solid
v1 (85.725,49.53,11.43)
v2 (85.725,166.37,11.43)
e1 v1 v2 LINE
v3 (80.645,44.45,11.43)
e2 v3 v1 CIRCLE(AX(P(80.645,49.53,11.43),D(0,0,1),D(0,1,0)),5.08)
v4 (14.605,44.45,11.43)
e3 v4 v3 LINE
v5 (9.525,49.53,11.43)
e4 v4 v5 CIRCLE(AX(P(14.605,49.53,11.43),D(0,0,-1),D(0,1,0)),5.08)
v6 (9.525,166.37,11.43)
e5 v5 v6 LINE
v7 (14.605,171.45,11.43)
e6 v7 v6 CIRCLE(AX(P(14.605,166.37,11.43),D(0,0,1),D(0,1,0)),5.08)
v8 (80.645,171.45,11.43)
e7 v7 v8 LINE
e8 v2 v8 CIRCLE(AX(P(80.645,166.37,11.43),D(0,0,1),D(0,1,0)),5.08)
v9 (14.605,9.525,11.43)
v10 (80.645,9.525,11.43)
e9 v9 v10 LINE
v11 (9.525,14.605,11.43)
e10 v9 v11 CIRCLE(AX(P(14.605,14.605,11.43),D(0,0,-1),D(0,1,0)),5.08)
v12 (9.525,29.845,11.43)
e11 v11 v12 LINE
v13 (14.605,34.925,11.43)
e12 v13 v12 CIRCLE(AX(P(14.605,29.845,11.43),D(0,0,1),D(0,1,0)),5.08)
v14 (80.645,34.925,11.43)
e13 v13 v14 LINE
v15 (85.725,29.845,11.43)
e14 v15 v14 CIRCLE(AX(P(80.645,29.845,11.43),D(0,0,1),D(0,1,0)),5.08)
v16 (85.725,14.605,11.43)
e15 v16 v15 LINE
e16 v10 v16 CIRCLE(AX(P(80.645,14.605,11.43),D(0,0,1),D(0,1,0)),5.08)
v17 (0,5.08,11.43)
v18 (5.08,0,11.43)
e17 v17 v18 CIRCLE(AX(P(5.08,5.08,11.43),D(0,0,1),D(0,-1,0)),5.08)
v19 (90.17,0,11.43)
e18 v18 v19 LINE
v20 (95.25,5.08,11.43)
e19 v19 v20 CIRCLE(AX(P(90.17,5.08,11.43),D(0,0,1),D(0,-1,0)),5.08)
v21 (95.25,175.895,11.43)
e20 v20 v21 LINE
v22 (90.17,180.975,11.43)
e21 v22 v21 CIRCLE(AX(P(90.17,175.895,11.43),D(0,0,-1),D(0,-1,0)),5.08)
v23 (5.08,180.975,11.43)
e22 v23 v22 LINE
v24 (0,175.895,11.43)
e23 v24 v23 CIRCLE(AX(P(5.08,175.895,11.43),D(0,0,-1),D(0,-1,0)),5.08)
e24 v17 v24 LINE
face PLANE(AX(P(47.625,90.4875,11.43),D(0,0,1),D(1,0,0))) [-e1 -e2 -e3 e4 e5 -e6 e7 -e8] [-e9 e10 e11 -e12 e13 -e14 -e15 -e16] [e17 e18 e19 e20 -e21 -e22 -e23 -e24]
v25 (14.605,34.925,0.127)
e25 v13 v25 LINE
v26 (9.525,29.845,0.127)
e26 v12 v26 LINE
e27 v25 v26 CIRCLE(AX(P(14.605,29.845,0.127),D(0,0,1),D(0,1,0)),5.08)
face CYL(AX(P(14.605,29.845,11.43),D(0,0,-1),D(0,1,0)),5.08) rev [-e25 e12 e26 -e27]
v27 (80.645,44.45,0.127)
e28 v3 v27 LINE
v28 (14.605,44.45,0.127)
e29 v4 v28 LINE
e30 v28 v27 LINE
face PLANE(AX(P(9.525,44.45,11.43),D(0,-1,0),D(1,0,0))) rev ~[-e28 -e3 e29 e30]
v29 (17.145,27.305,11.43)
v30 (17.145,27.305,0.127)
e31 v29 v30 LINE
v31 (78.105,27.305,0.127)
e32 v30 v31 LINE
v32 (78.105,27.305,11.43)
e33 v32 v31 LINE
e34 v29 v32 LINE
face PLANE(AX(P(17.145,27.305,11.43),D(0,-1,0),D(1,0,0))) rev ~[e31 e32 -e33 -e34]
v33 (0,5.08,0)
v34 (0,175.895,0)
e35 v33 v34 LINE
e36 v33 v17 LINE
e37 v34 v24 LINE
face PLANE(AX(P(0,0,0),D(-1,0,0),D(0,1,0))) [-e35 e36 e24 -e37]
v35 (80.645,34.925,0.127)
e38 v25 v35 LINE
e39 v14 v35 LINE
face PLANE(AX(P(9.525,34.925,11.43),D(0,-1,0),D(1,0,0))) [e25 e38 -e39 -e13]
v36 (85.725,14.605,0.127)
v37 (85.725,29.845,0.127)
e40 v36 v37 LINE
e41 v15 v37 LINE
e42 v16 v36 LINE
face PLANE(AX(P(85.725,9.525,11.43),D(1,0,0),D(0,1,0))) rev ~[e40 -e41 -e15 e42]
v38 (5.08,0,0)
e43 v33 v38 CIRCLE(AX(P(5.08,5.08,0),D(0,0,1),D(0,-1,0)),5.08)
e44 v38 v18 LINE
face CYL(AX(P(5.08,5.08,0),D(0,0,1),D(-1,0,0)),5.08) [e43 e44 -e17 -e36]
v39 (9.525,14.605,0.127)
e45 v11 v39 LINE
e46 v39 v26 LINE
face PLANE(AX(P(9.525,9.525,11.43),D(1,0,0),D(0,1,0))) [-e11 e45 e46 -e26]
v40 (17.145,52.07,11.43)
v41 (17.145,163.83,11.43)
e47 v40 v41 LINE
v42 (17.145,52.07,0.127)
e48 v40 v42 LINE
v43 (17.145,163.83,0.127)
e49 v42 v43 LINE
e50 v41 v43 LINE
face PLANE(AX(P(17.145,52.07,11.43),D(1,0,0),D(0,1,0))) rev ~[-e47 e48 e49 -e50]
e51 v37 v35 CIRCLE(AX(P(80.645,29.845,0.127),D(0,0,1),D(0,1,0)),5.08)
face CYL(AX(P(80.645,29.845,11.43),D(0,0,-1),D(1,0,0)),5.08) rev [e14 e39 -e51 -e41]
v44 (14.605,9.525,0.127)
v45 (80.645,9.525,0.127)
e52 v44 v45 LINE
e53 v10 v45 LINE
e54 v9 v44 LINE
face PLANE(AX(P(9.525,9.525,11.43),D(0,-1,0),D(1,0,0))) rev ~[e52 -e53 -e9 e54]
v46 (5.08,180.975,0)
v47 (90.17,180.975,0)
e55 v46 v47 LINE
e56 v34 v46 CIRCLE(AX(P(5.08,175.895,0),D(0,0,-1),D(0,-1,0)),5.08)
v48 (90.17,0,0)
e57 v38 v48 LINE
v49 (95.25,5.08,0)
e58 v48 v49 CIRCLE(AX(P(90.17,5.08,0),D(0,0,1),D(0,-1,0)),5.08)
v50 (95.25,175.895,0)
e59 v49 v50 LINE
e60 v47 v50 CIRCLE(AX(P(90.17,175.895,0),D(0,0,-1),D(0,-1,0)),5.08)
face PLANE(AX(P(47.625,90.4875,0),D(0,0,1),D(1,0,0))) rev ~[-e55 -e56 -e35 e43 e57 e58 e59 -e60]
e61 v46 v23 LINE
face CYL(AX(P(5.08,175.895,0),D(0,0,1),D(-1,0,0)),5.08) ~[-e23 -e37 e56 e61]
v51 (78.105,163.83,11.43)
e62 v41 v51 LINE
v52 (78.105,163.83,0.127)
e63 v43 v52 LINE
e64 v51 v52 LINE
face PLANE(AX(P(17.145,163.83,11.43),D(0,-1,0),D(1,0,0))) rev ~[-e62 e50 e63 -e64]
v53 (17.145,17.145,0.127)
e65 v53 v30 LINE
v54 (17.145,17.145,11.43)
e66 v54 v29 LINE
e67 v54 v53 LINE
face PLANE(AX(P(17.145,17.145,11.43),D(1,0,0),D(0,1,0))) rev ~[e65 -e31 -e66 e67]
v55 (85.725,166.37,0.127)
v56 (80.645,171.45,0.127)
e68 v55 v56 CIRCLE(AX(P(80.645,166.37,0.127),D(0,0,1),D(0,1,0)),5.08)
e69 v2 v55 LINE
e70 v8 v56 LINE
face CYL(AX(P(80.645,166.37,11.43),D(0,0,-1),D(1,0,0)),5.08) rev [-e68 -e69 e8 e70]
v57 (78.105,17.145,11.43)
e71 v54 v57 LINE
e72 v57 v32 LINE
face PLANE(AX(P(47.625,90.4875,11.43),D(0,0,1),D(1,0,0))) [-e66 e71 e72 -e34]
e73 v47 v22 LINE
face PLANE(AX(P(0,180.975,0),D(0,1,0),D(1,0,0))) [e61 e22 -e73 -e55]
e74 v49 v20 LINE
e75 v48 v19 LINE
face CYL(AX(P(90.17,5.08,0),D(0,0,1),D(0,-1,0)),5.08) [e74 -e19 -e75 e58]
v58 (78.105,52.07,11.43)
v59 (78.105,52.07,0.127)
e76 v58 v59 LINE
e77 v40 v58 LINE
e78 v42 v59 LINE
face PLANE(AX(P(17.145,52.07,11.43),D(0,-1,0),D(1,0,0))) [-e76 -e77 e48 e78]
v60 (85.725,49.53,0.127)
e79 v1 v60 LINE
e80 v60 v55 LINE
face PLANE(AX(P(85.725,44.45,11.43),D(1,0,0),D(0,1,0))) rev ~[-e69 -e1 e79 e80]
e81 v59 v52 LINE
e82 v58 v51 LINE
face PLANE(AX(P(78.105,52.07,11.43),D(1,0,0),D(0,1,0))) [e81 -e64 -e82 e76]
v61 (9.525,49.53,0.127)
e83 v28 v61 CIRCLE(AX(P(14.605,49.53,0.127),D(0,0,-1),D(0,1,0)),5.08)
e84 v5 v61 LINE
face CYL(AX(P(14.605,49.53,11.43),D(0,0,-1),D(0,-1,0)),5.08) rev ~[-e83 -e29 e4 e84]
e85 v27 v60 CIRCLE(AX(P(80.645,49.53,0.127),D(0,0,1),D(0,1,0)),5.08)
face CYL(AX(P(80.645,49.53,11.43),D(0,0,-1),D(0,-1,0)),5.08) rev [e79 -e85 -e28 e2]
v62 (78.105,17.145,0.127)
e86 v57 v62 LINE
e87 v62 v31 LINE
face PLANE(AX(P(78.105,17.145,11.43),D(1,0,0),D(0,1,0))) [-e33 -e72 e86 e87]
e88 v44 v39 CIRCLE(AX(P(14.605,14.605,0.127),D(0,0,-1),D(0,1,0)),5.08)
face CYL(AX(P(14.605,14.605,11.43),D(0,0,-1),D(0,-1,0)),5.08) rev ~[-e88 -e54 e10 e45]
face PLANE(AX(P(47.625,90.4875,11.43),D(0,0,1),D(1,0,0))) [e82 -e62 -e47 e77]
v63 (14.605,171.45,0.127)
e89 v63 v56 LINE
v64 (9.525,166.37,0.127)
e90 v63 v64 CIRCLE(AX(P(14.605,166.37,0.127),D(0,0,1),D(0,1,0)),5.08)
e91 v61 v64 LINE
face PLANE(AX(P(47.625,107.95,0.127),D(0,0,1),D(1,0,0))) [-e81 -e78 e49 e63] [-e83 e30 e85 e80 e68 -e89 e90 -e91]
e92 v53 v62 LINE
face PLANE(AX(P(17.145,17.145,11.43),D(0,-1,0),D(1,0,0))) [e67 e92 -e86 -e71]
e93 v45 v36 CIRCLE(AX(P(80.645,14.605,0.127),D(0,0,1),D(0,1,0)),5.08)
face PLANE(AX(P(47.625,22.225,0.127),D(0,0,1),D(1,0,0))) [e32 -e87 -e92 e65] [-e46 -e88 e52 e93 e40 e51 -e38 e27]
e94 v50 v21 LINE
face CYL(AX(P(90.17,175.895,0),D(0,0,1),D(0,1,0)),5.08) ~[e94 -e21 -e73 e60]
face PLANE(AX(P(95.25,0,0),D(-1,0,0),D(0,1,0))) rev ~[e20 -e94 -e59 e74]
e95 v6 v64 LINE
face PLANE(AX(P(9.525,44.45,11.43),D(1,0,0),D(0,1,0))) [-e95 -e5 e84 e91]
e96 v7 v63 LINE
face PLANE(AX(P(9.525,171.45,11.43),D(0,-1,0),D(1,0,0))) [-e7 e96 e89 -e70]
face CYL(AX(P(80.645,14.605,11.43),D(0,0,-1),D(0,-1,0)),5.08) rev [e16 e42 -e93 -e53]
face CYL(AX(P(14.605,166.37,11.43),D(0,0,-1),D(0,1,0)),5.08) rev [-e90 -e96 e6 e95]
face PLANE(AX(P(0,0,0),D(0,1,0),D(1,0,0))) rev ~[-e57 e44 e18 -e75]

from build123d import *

# Parameters (mm, degrees)
F0_W     = 95.25
F0_H     = 180.975
F1_DEPTH = 11.43
F2_W     = 76.2
F2_H     = 127
F2_W_2   = 60.96
F2_H_2   = 111.76
F2_H_3   = 25.4
F2_H_4   = 10.16
F3_DEPTH = 11.303
F4_R     = 5.08


with BuildPart() as f1:
    # F0 (on Top) → F1 (new body)
    with BuildSketch(Plane.XY):
        with Locations((47.625, 90.4875)):
            Rectangle(F0_W, F0_H)
    extrude(amount=F1_DEPTH)

    # F2 (on face) → F3 (cut)
    with BuildSketch(Plane.XY.offset(11.43)):
        with Locations((47.625, 107.95)):
            Rectangle(F2_W, F2_H)
        with Locations((47.625, 107.95)):
            Rectangle(F2_W_2, F2_H_2, mode=Mode.SUBTRACT)
        with Locations((47.625, 22.225)):
            Rectangle(F2_W, F2_H_3)
        with Locations((47.625, 22.225)):
            Rectangle(F2_W_2, F2_H_4, mode=Mode.SUBTRACT)
    extrude(amount=-F3_DEPTH, mode=Mode.SUBTRACT)

    # F4
    f4_edges = [f1.edges().sort_by_distance(p)[0] for p in [
        (0, 0, 5.715),
        (9.525, 34.925, 5.7785),
        (95.25, 0, 5.715),
        (85.725, 34.925, 5.7785),
        (9.525, 9.525, 5.7785),
        (85.725, 9.525, 5.7785),
        (85.725, 44.45, 5.7785),
        (9.525, 44.45, 5.7785),
        (0, 180.975, 5.715),
        (95.25, 180.975, 5.715),
        (85.725, 171.45, 5.7785),
        (9.525, 171.45, 5.7785),
    ]]
    fillet(f4_edges, radius=F4_R)


solid = f1.part
